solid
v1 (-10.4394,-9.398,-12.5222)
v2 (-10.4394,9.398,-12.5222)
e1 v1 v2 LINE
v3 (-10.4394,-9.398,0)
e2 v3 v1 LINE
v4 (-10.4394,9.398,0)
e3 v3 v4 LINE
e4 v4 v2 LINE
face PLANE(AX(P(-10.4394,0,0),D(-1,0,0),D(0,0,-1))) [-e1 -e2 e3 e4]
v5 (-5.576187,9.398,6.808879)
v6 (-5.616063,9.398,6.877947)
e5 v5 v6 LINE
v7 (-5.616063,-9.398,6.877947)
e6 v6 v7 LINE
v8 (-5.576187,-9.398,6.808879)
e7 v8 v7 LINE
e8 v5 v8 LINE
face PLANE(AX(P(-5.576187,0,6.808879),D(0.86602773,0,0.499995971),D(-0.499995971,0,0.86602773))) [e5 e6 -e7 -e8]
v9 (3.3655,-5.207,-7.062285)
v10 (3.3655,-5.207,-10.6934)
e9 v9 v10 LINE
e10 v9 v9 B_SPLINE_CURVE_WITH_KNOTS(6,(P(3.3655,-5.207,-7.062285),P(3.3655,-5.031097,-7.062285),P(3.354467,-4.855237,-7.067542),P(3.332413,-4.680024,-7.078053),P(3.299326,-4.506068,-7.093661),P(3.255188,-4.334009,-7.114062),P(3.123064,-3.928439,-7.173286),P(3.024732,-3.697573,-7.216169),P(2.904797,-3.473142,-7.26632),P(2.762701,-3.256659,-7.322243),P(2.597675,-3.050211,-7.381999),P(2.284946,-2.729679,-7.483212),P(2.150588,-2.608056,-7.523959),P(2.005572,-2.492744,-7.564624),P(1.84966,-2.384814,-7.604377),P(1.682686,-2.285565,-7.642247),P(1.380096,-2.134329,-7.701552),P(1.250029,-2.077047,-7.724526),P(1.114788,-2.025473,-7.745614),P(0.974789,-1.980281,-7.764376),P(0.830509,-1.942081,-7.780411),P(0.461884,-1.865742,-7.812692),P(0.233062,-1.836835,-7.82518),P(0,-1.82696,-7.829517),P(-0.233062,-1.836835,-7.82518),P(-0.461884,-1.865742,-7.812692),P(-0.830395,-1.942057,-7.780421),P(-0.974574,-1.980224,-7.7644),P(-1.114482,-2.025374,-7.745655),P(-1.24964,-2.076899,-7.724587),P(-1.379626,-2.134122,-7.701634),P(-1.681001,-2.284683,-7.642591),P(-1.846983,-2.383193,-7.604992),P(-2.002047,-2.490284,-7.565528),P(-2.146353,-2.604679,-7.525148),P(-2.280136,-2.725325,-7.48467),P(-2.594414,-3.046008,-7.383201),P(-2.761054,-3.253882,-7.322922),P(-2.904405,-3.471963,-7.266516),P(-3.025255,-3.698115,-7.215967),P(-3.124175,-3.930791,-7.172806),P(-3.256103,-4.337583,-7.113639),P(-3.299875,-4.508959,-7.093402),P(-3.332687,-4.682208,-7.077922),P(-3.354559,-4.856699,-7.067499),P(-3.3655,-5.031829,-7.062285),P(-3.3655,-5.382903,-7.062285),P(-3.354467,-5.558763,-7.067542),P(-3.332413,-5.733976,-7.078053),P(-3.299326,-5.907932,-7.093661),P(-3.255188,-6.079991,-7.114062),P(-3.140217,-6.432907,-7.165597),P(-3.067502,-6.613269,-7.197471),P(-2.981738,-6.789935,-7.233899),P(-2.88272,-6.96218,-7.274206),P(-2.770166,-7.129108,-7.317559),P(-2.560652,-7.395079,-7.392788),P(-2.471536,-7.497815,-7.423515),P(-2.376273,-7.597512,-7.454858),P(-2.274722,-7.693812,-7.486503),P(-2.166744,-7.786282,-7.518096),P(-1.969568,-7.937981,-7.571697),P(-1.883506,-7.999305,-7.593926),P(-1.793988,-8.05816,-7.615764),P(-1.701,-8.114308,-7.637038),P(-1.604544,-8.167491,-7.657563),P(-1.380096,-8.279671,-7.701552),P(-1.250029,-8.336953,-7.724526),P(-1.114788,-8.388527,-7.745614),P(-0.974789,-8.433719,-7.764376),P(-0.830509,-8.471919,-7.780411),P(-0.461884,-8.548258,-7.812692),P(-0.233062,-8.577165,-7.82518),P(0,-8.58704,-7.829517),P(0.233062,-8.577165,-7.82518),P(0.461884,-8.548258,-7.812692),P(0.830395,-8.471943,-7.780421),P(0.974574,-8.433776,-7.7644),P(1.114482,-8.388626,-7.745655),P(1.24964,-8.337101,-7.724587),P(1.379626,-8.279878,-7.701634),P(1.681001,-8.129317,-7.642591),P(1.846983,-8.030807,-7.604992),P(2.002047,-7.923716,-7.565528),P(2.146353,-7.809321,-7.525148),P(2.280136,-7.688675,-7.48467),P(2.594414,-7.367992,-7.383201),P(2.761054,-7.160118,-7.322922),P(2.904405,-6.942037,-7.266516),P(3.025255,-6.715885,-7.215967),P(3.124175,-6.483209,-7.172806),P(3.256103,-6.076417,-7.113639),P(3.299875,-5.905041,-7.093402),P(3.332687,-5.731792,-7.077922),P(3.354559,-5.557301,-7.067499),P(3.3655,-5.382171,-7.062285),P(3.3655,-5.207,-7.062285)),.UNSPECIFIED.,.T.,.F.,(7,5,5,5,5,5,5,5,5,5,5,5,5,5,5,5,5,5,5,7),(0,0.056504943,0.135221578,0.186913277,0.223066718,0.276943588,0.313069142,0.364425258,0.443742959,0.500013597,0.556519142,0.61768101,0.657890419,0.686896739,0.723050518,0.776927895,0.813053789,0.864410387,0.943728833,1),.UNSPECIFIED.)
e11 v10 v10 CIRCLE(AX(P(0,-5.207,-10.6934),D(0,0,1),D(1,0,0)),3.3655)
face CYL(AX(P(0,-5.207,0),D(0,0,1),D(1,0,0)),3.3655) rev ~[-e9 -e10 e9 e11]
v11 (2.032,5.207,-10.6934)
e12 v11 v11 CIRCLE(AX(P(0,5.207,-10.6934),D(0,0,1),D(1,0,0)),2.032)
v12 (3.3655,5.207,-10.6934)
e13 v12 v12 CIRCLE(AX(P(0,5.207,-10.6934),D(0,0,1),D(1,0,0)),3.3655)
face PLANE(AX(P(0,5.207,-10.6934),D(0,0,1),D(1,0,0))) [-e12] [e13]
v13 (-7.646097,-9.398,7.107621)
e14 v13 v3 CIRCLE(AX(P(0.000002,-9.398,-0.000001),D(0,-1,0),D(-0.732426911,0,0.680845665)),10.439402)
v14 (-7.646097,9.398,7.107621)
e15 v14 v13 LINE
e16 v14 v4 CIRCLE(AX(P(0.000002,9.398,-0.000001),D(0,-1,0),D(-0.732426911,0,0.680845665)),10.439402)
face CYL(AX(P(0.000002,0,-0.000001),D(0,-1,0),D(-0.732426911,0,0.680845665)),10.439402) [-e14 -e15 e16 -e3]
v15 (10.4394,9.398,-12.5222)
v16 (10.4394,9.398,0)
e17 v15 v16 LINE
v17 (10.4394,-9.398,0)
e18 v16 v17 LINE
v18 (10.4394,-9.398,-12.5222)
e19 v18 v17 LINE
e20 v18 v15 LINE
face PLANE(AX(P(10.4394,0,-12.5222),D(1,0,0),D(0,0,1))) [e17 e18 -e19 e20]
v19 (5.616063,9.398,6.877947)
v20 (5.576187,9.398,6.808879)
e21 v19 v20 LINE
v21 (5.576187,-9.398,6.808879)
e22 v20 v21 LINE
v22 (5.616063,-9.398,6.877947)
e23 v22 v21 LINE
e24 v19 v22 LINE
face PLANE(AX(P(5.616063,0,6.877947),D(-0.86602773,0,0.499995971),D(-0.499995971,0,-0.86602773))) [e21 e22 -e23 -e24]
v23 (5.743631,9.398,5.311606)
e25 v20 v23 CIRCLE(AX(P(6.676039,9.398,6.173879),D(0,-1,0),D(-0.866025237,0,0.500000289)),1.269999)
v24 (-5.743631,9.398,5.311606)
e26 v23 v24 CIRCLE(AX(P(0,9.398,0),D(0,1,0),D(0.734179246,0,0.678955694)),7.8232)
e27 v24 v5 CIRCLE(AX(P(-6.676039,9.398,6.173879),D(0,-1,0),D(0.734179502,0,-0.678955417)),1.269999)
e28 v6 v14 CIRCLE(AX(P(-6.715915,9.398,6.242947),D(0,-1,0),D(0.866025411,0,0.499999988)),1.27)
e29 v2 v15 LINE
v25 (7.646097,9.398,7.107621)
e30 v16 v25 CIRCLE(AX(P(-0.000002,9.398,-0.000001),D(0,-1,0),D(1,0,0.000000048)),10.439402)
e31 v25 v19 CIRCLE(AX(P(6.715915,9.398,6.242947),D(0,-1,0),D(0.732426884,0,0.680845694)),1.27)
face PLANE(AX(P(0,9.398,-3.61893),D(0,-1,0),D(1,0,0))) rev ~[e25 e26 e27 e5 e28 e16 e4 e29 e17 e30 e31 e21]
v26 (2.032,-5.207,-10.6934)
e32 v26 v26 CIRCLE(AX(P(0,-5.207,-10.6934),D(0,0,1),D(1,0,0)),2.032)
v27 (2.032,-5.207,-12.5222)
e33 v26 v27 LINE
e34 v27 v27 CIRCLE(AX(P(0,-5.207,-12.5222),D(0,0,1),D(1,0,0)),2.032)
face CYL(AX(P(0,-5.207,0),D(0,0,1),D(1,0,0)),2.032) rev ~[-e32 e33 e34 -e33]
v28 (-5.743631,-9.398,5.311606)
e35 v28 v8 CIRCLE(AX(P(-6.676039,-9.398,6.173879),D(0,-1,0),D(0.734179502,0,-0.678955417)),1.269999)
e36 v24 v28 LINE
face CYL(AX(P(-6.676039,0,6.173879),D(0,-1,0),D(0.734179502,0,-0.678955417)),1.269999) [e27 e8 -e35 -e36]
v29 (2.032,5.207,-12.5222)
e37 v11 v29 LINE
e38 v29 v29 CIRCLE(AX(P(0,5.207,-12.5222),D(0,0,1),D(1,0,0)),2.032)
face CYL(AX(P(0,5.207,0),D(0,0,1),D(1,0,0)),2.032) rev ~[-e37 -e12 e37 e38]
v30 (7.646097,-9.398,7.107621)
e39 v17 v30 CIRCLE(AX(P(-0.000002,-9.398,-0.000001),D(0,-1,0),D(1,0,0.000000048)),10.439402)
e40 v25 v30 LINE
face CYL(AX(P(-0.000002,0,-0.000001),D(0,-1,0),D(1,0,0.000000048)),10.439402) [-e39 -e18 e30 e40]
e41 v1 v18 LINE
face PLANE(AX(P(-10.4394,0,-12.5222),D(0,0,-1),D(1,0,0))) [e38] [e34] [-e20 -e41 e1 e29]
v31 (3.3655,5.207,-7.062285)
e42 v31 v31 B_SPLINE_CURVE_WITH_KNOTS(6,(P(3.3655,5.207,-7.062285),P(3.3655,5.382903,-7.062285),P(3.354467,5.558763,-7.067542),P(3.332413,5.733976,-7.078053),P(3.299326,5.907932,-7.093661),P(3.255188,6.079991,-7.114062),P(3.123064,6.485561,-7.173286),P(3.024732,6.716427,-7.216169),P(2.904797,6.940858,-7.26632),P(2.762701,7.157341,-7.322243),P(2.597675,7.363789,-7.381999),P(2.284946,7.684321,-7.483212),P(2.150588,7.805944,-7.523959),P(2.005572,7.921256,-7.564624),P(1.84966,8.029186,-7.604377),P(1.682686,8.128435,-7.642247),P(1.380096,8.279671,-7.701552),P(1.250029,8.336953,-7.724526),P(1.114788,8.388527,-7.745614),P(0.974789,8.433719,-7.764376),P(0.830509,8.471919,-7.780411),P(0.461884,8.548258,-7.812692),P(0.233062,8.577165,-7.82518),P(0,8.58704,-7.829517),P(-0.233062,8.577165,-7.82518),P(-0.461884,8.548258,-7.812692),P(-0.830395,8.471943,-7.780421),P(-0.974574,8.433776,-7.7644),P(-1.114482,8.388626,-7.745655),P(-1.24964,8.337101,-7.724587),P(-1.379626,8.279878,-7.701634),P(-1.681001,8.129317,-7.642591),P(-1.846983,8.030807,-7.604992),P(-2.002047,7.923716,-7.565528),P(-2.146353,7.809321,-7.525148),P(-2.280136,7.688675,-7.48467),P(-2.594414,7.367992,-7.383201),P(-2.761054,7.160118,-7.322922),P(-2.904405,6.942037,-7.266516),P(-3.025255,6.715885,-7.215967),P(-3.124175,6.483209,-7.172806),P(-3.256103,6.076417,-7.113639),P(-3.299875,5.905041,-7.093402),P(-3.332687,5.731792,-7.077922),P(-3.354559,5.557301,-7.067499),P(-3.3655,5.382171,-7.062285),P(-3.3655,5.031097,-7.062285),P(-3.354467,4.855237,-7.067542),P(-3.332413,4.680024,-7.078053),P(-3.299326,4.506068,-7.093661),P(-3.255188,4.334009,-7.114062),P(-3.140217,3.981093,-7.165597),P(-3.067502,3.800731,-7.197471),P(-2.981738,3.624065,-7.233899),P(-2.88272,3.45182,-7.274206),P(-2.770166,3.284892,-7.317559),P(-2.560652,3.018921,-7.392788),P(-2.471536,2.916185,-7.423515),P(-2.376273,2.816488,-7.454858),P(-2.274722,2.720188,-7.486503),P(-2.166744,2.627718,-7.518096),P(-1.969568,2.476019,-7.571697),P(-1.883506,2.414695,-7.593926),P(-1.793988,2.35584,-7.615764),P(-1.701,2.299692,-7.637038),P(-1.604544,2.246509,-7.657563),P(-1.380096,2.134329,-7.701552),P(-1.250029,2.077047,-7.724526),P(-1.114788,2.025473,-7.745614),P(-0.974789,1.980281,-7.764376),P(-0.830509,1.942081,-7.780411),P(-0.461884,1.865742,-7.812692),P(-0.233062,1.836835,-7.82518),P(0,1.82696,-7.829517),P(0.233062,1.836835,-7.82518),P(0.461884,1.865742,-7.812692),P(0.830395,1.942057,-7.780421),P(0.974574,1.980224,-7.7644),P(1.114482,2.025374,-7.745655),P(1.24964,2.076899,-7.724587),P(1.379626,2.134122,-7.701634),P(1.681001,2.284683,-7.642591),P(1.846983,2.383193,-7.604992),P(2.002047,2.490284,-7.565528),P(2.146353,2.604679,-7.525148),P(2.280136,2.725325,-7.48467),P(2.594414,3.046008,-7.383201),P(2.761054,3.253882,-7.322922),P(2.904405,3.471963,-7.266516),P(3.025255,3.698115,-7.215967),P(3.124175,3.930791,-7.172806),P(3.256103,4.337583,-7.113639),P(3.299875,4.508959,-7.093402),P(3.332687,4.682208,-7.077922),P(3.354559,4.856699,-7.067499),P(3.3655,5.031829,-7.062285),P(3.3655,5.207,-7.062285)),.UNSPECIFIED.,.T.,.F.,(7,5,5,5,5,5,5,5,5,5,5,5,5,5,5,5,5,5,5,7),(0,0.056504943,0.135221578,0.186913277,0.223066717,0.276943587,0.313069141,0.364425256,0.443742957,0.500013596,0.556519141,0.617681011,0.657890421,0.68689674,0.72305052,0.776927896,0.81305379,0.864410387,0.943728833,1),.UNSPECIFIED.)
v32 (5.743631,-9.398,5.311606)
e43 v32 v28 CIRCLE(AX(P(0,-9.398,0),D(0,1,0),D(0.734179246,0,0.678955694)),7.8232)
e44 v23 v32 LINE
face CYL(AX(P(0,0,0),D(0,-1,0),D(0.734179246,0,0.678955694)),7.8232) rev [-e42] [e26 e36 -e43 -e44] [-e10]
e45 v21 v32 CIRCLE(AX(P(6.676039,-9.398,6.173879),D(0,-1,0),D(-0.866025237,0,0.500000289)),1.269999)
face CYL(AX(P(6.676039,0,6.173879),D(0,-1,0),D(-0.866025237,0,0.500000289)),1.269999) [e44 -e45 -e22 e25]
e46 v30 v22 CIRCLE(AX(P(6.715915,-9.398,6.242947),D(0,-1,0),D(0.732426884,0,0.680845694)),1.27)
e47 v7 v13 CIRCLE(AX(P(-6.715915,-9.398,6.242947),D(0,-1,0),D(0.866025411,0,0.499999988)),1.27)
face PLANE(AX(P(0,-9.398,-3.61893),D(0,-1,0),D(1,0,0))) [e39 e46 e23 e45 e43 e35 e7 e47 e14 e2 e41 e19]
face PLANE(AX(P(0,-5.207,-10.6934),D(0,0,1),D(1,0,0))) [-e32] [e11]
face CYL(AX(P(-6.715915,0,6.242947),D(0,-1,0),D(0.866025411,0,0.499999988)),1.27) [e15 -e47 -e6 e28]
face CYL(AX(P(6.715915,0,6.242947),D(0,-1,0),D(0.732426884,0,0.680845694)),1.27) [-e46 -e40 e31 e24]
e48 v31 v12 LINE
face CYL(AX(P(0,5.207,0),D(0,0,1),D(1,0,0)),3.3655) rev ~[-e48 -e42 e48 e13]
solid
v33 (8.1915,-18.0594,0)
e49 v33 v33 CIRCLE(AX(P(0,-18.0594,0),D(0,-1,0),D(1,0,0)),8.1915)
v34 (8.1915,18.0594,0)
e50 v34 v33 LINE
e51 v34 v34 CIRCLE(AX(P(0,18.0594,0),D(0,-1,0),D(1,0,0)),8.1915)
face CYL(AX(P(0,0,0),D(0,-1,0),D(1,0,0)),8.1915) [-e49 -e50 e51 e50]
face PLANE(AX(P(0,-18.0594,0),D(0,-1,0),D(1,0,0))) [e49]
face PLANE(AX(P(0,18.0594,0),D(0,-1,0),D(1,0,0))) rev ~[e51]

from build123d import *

# Parameters (mm, degrees)
F1_DEPTH = 9.398
F2_R     = 2.032
F3_DEPTH = 12.5232
F4_R     = 3.3655
F5_DEPTH = 10.6934
F6_R     = 8.1915
F7_DEPTH = 18.0594
F8_W     = 35.35
F8_H     = 35.35
F8_R     = 1.7145
F9_DEPTH = 0.6


with BuildPart() as f1:
    # F0 (on Front) → F1 (new body, symmetric)
    with BuildSketch(Plane.XZ):
        with BuildLine():
            Line((10.4394, -12.5222), (10.4394, 0))
            ThreePointArc((10.4394, 0), (9.716011, 3.818403), (7.646097, 7.107621))
            ThreePointArc((7.646097, 7.107621), (6.573141, 7.504896), (5.616063, 6.877947))
            Line((5.616063, 6.877947), (5.576187, 6.808879))
            ThreePointArc((5.576187, 6.808879), (5.413907, 6.032732), (5.743631, 5.311606))
            ThreePointArc((5.743631, 5.311606), (0, -7.8232), (-5.743631, 5.311606))
            ThreePointArc((-5.743631, 5.311606), (-5.413907, 6.032732), (-5.576187, 6.808879))
            Line((-5.576187, 6.808879), (-5.616063, 6.877947))
            ThreePointArc((-5.616063, 6.877947), (-6.573141, 7.504896), (-7.646097, 7.107621))
            ThreePointArc((-7.646097, 7.107621), (-9.716011, 3.818403), (-10.4394, 0))
            Line((-10.4394, 0), (-10.4394, -12.5222))
            Line((-10.4394, -12.5222), (10.4394, -12.5222))
        make_face()
    extrude(amount=F1_DEPTH, both=True)

    # F2 (on Top) → F3 (cut, through all)
    with BuildSketch(Plane.XY):
        with Locations((0, 5.207)):
            Circle(F2_R)
        with Locations((0, -5.207)):
            Circle(F2_R)
    extrude(amount=-F3_DEPTH, mode=Mode.SUBTRACT)

    # F4 (on Top) → F5 (cut)
    with BuildSketch(Plane.XY):
        with Locations((0, 5.207)):
            Circle(F4_R)
        with Locations((0, -5.207)):
            Circle(F4_R)
    extrude(amount=-F5_DEPTH, mode=Mode.SUBTRACT)


with BuildPart() as f7:
    # F6 (on Front) → F7 (new body, symmetric)
    with BuildSketch(Plane.XZ):
        Circle(F6_R)
    extrude(amount=F7_DEPTH, both=True)


with BuildPart() as f9:
    # F8 (on Front) → F9 (new body)
    with BuildSketch(Plane.XZ):
        with Locations((-14.5, 32.681693)):
            Rectangle(F8_W, F8_H)
        with Locations((-29, 18.181693)):
            Circle(F8_R, mode=Mode.SUBTRACT)
        with Locations((0, 18.181693)):
            Circle(F8_R, mode=Mode.SUBTRACT)
        with Locations((-29, 47.181693)):
            Circle(F8_R, mode=Mode.SUBTRACT)
        with Locations((0, 47.181693)):
            Circle(F8_R, mode=Mode.SUBTRACT)
    extrude(amount=F9_DEPTH)


solid = Compound([f1.part, f7.part])
